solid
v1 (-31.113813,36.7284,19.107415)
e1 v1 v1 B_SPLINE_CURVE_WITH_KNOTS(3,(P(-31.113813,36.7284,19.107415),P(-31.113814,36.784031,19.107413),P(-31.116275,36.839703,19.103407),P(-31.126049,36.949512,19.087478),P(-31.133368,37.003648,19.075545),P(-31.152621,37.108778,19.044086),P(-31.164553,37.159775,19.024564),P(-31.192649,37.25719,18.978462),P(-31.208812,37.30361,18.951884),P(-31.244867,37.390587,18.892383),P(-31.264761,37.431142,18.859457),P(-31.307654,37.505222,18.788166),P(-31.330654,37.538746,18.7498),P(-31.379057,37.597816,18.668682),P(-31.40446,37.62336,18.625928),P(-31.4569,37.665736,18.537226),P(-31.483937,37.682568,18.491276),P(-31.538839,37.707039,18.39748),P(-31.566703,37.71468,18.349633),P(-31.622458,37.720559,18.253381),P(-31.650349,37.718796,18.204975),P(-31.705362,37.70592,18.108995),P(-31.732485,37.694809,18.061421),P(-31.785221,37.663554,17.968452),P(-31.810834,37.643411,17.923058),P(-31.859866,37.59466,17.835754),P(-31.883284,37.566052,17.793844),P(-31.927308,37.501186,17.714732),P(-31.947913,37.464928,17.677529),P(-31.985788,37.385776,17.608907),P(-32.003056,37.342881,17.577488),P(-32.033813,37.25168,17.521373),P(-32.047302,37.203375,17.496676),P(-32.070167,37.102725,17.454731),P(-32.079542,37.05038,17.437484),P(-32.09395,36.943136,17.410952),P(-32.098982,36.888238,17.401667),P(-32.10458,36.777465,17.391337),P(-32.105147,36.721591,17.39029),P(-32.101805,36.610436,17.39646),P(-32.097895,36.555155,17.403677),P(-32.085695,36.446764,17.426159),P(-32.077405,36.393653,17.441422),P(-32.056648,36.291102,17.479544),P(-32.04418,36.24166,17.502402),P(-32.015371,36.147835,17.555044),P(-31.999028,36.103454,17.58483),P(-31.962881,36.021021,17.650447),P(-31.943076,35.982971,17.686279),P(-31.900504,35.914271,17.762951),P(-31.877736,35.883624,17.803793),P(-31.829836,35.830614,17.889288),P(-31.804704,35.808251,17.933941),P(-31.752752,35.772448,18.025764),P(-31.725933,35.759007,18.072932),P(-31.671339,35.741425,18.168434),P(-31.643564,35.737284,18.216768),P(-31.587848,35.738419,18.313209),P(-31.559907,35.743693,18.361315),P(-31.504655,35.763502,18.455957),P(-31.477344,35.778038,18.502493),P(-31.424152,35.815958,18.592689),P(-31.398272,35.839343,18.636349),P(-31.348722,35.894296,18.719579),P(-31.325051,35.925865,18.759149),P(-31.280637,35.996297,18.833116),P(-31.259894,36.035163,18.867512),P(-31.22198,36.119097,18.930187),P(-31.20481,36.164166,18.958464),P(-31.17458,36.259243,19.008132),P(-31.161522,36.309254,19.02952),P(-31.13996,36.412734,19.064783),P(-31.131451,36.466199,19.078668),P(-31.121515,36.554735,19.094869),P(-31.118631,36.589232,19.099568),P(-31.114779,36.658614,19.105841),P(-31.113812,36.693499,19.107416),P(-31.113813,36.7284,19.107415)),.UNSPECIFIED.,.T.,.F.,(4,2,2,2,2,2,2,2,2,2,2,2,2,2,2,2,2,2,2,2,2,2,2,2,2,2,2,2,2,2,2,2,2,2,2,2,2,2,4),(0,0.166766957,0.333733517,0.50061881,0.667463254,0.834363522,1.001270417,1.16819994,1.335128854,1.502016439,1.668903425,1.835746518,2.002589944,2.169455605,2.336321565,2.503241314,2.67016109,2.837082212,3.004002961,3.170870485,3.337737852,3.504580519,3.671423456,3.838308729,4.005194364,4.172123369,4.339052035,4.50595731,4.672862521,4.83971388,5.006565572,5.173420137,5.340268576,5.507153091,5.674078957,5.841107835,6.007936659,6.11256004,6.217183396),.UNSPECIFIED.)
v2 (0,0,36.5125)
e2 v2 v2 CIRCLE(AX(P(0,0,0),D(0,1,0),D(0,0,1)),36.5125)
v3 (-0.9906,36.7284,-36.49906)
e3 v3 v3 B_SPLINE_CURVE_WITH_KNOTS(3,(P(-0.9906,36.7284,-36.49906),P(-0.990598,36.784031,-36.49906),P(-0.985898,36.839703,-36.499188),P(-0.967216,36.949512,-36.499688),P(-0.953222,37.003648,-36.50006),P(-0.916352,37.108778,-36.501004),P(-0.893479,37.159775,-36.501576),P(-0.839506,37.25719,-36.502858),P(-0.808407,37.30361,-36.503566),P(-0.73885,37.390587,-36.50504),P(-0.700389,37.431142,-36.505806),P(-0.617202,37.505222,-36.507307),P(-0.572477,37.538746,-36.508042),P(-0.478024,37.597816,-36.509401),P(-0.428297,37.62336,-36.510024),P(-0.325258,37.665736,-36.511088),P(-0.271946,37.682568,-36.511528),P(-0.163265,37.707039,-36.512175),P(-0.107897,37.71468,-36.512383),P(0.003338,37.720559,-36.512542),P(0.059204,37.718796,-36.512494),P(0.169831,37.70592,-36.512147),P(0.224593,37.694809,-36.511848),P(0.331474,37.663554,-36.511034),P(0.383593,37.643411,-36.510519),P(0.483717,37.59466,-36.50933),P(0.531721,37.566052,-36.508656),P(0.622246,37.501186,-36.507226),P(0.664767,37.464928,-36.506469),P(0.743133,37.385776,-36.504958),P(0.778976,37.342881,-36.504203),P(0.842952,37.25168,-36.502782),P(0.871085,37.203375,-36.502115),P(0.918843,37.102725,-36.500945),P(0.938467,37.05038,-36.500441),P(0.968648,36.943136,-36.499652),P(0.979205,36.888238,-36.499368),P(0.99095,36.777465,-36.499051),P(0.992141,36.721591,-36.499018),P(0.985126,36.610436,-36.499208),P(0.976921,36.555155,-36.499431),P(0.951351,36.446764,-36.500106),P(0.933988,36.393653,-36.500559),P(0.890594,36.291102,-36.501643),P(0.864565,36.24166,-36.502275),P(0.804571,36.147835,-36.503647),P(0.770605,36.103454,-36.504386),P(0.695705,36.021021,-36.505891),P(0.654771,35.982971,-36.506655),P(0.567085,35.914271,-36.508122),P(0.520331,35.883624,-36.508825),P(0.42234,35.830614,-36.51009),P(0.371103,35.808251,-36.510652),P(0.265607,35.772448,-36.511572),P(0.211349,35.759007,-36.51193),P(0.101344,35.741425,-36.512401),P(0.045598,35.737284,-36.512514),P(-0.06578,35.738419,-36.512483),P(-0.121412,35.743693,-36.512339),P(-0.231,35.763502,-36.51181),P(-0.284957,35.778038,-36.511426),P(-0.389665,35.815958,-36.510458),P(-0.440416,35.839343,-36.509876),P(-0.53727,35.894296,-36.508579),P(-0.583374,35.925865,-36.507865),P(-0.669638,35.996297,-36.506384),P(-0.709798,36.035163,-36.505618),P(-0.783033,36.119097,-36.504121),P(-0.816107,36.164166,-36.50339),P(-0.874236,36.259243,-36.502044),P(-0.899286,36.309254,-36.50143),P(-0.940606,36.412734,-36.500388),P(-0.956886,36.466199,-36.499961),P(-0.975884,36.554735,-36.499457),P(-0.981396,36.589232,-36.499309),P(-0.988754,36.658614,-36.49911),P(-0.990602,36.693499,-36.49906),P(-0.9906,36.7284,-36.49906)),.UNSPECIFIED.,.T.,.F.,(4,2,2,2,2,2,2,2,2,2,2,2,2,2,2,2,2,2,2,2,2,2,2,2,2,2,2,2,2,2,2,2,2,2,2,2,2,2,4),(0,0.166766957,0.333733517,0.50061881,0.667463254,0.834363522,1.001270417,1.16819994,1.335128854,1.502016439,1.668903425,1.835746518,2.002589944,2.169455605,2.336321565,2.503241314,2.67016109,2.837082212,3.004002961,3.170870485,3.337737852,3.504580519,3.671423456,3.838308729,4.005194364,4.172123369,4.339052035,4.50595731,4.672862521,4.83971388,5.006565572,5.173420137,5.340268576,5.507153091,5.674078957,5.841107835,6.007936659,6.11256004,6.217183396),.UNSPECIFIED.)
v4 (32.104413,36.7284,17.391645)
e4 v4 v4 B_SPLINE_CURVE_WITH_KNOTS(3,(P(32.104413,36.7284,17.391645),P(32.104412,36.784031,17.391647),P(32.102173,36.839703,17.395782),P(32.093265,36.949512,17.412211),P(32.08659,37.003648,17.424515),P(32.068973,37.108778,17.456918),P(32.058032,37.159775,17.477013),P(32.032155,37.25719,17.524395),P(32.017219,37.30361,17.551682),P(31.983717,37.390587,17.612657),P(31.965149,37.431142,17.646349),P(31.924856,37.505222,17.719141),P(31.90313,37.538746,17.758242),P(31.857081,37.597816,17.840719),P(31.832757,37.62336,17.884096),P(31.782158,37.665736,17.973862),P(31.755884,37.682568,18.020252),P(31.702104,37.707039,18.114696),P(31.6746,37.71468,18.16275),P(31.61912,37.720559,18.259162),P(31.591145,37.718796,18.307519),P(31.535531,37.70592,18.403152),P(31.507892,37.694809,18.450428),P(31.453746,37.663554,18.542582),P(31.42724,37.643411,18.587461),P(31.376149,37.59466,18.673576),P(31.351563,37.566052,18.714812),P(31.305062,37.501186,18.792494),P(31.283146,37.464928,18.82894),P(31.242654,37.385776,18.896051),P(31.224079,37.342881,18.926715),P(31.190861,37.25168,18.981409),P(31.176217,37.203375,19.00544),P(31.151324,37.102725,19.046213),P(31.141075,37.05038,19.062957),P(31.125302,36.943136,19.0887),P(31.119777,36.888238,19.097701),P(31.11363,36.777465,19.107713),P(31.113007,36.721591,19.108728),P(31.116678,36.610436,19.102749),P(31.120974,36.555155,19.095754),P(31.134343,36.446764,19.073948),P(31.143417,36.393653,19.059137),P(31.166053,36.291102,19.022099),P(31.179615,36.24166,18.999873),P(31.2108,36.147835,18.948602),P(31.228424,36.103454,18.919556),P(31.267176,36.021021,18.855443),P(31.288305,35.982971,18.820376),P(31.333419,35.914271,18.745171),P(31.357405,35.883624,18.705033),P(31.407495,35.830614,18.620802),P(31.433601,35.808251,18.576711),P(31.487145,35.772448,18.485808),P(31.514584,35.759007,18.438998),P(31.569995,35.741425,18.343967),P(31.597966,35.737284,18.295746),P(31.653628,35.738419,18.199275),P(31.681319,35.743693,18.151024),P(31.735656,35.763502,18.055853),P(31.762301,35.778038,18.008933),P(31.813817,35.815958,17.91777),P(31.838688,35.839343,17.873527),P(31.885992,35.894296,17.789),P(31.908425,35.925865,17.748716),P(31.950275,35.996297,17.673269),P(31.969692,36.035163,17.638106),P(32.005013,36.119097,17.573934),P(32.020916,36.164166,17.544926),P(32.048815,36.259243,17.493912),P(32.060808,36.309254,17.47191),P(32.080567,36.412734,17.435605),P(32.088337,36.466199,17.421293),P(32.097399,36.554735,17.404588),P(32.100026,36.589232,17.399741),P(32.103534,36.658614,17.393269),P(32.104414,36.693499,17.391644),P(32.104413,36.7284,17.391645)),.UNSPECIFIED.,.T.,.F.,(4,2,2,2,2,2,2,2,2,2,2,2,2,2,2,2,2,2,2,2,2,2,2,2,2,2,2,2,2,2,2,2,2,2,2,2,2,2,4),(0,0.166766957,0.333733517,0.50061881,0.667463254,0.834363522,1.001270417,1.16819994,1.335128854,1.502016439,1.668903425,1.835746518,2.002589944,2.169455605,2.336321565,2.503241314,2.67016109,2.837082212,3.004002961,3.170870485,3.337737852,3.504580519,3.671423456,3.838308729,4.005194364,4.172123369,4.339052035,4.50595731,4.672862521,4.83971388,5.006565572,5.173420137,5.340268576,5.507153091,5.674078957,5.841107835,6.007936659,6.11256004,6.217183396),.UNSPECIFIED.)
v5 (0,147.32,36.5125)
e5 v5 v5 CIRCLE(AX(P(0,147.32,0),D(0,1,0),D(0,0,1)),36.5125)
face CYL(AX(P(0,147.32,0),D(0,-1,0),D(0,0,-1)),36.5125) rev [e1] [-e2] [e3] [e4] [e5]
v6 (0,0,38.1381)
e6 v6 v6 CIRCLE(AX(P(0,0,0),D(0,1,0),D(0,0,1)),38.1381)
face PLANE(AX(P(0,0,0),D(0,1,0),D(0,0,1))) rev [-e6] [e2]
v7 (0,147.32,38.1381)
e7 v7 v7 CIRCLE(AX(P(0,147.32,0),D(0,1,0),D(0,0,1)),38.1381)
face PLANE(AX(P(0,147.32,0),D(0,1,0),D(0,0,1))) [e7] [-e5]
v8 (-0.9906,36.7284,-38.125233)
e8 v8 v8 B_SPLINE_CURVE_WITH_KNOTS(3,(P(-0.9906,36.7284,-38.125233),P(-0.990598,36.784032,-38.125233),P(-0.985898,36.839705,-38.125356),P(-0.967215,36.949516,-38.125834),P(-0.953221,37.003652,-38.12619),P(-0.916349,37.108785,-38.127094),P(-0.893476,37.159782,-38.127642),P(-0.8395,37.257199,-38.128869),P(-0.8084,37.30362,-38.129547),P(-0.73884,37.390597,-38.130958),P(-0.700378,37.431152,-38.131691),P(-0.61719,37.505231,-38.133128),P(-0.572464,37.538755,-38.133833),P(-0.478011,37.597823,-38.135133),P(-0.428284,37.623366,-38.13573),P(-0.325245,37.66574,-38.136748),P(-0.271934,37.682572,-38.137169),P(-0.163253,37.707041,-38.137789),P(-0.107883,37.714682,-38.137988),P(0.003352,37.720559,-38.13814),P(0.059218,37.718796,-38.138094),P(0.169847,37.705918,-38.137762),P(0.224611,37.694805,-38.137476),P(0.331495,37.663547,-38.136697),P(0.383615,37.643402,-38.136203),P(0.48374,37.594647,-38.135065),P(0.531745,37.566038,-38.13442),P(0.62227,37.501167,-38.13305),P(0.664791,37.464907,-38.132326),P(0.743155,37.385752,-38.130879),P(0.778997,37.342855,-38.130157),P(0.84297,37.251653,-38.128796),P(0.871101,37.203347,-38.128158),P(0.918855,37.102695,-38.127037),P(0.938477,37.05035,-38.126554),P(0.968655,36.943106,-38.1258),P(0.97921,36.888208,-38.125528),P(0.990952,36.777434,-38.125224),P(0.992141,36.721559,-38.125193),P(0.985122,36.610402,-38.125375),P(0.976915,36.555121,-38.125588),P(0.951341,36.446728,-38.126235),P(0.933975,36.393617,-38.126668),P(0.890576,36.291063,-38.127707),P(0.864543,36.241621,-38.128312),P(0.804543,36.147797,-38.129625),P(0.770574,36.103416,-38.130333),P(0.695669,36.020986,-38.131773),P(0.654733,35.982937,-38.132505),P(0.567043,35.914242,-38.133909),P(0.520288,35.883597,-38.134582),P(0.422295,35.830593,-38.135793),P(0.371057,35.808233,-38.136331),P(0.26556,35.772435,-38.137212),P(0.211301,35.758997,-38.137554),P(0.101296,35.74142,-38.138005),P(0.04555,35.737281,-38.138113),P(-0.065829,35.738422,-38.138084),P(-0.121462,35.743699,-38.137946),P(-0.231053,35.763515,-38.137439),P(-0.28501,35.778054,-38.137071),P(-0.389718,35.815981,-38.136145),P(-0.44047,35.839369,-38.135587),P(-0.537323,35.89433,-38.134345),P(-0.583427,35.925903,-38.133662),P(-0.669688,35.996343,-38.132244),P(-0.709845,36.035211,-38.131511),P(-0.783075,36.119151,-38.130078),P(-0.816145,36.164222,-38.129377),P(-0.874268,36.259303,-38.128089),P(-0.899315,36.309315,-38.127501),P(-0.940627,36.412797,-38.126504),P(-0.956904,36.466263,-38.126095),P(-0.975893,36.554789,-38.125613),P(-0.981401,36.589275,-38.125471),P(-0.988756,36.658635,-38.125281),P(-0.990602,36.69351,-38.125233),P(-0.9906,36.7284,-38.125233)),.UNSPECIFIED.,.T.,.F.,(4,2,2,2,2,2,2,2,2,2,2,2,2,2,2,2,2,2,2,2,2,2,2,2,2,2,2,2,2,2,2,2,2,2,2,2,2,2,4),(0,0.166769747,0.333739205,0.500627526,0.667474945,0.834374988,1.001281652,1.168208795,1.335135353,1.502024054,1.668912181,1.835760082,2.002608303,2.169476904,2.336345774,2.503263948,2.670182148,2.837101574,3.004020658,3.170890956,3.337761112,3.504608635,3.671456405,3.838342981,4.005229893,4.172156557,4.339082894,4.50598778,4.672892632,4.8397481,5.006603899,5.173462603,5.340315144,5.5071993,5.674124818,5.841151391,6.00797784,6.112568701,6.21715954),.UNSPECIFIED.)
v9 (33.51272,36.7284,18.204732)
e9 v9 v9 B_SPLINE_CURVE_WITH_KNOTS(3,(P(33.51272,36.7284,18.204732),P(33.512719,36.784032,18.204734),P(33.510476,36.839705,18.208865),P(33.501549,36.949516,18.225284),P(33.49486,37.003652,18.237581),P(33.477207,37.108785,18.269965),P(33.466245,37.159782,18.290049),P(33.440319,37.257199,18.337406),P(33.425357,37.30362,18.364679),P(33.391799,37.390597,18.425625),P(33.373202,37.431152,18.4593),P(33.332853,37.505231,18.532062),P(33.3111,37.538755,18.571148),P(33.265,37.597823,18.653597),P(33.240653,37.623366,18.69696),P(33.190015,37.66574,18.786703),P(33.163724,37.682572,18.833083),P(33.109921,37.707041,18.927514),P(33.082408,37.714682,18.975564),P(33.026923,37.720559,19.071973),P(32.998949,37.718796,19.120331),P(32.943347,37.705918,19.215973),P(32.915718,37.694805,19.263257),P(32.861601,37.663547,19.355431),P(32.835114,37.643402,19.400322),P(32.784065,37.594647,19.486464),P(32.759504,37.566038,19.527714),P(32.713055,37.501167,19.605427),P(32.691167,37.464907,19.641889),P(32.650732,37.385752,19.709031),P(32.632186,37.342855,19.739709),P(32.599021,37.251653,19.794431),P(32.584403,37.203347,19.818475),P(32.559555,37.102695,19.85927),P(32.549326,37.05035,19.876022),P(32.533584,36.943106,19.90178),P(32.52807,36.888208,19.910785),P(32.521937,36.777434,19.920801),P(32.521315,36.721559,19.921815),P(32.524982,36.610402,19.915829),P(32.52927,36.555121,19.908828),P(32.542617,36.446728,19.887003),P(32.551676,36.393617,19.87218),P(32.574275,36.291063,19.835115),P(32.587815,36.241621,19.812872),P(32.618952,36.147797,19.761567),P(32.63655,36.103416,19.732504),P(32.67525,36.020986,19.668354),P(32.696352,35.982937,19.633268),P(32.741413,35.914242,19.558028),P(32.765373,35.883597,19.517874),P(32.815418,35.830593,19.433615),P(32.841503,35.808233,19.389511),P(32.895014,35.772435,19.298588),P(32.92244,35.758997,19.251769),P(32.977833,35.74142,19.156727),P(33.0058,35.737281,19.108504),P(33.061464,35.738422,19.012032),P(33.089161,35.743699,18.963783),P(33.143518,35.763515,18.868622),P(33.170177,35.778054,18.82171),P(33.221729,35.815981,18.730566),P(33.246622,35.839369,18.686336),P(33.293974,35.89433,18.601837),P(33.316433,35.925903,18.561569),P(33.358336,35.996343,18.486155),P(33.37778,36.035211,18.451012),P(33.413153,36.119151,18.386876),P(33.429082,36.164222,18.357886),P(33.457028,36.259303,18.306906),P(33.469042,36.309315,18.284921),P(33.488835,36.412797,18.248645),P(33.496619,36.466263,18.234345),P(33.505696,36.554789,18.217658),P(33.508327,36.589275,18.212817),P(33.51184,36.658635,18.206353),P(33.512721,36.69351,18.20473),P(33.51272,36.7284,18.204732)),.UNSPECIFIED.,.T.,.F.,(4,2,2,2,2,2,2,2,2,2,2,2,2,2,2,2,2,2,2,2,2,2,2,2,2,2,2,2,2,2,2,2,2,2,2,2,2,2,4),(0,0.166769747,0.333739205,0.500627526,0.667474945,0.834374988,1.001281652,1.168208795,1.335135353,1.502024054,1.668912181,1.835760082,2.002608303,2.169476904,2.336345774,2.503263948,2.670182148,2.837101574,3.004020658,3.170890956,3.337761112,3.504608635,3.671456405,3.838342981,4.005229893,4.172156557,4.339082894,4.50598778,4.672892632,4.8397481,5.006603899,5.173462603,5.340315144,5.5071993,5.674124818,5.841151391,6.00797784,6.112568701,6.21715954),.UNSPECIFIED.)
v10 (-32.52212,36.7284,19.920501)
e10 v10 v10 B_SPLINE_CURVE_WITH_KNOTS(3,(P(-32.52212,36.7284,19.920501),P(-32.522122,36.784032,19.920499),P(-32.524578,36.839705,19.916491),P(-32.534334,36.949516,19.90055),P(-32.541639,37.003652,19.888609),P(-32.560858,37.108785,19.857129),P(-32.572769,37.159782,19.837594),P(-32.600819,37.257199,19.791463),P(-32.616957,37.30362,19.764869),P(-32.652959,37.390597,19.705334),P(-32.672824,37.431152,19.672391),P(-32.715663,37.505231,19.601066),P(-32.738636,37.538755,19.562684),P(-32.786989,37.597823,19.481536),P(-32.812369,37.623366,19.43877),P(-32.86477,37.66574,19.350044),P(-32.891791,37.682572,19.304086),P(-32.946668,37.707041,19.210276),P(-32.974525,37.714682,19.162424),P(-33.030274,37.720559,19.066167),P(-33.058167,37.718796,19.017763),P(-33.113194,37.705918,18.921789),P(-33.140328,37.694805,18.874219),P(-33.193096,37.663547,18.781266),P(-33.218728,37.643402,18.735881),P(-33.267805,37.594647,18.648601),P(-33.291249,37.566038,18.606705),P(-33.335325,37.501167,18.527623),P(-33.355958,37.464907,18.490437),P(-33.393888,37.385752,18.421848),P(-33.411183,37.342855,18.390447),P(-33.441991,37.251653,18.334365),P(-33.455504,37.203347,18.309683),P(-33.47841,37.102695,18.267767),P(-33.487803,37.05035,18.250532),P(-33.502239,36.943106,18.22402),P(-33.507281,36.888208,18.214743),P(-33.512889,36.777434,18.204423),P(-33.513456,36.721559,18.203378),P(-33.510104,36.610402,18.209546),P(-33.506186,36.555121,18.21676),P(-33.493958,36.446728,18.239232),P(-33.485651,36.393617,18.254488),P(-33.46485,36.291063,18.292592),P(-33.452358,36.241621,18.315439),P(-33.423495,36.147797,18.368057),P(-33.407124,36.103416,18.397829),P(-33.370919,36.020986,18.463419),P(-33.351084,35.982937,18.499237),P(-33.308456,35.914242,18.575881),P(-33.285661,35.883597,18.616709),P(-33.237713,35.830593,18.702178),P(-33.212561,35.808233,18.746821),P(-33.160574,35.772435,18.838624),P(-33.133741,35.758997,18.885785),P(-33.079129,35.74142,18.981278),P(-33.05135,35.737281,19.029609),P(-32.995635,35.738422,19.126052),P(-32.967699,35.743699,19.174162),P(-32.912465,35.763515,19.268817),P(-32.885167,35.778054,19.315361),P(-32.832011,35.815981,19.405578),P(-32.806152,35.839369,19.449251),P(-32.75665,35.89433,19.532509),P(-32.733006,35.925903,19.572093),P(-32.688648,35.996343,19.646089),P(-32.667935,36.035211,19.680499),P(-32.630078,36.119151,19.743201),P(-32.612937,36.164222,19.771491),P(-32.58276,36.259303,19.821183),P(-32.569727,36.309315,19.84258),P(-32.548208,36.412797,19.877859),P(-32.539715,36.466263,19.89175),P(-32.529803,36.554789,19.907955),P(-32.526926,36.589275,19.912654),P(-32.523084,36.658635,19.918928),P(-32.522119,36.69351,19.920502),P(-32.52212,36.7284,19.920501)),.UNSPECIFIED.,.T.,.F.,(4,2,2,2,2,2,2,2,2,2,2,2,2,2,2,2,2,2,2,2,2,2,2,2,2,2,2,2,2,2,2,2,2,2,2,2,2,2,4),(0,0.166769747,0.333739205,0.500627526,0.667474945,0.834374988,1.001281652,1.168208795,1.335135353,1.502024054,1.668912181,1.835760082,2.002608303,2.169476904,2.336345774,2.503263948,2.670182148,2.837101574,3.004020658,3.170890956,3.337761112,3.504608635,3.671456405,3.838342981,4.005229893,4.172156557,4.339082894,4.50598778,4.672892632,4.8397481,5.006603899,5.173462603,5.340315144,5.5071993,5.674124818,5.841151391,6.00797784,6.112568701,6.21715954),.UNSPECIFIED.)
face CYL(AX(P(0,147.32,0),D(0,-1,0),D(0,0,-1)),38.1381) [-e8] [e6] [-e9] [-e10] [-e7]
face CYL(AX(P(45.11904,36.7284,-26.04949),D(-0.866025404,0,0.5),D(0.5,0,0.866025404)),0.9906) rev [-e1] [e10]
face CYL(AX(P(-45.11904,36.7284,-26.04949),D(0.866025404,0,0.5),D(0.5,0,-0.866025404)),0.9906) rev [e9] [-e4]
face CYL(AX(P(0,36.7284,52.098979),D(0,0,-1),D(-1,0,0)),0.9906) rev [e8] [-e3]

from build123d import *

# Parameters (mm, degrees)
SKETCH1_R                = 38.1381
SKETCH1_R_2              = 36.5125
BOSS_EXTRUDE1_DEPTH      = 147.32
SHEAR_PIN_CUT_REACH      = 175.322
SHEAR_PIN_CUT_END_RADIUS = 36.5125
SKETCH2_R                = 0.9906
SHEAR_PIN_PATTERN_COUNT  = 3


with BuildPart() as part:
    # Sketch1 → Boss-Extrude1 (new body)
    with BuildSketch(Plane(origin=(0, 0, 0), x_dir=(1, 0, 0), z_dir=(0, 1, 0))):
        with Locations(Location((0, 0, 0), (0, 0, 270))):
            Circle(SKETCH1_R)
        with Locations(Location((0, 0, 0), (0, 0, 270))):
            Circle(SKETCH1_R_2, mode=Mode.SUBTRACT)
    extrude(amount=BOSS_EXTRUDE1_DEPTH)

    # Shear Pin Cut: up to this cylinder (the profile starts outside it)
    shear_pin_cut_end = Plane(origin=(0, 36.7284, 0), z_dir=(0, -1, 0)) * Cylinder(SHEAR_PIN_CUT_END_RADIUS, 424.669, mode=Mode.PRIVATE)
    # Sketch2 → Shear Pin Cut (cut, up to the surface)
    with BuildSketch(Plane(origin=(33.028563452, 0, 19.06905), x_dir=(0, -1, 0), z_dir=(0.866025403784438, 0, 0.500000000000001)), mode=Mode.PRIVATE) as shear_pin_cut_sk1:
        with Locations(Location((-36.7284, 0, 0), (0, 0, 90))):
            Circle(SKETCH2_R)
    shear_pin_cut_tool1 = extrude(shear_pin_cut_sk1.sketch, amount=-SHEAR_PIN_CUT_REACH, mode=Mode.PRIVATE) - shear_pin_cut_end
    shear_pin_cut = shear_pin_cut_tool1.solids().sort_by_distance((33.028563, 36.7284, 19.06905))[0]
    add(shear_pin_cut, mode=Mode.SUBTRACT)

    # Shear Pin Pattern: Shear Pin Cut ×3 about axis
    shear_pin_pattern_axis = Axis((0, 155.08605, 0), (0, -1, 0))
    for i in range(1, SHEAR_PIN_PATTERN_COUNT):
        add(shear_pin_cut.rotate(shear_pin_pattern_axis, i * 360 / SHEAR_PIN_PATTERN_COUNT), mode=Mode.SUBTRACT)


solid = part.part
